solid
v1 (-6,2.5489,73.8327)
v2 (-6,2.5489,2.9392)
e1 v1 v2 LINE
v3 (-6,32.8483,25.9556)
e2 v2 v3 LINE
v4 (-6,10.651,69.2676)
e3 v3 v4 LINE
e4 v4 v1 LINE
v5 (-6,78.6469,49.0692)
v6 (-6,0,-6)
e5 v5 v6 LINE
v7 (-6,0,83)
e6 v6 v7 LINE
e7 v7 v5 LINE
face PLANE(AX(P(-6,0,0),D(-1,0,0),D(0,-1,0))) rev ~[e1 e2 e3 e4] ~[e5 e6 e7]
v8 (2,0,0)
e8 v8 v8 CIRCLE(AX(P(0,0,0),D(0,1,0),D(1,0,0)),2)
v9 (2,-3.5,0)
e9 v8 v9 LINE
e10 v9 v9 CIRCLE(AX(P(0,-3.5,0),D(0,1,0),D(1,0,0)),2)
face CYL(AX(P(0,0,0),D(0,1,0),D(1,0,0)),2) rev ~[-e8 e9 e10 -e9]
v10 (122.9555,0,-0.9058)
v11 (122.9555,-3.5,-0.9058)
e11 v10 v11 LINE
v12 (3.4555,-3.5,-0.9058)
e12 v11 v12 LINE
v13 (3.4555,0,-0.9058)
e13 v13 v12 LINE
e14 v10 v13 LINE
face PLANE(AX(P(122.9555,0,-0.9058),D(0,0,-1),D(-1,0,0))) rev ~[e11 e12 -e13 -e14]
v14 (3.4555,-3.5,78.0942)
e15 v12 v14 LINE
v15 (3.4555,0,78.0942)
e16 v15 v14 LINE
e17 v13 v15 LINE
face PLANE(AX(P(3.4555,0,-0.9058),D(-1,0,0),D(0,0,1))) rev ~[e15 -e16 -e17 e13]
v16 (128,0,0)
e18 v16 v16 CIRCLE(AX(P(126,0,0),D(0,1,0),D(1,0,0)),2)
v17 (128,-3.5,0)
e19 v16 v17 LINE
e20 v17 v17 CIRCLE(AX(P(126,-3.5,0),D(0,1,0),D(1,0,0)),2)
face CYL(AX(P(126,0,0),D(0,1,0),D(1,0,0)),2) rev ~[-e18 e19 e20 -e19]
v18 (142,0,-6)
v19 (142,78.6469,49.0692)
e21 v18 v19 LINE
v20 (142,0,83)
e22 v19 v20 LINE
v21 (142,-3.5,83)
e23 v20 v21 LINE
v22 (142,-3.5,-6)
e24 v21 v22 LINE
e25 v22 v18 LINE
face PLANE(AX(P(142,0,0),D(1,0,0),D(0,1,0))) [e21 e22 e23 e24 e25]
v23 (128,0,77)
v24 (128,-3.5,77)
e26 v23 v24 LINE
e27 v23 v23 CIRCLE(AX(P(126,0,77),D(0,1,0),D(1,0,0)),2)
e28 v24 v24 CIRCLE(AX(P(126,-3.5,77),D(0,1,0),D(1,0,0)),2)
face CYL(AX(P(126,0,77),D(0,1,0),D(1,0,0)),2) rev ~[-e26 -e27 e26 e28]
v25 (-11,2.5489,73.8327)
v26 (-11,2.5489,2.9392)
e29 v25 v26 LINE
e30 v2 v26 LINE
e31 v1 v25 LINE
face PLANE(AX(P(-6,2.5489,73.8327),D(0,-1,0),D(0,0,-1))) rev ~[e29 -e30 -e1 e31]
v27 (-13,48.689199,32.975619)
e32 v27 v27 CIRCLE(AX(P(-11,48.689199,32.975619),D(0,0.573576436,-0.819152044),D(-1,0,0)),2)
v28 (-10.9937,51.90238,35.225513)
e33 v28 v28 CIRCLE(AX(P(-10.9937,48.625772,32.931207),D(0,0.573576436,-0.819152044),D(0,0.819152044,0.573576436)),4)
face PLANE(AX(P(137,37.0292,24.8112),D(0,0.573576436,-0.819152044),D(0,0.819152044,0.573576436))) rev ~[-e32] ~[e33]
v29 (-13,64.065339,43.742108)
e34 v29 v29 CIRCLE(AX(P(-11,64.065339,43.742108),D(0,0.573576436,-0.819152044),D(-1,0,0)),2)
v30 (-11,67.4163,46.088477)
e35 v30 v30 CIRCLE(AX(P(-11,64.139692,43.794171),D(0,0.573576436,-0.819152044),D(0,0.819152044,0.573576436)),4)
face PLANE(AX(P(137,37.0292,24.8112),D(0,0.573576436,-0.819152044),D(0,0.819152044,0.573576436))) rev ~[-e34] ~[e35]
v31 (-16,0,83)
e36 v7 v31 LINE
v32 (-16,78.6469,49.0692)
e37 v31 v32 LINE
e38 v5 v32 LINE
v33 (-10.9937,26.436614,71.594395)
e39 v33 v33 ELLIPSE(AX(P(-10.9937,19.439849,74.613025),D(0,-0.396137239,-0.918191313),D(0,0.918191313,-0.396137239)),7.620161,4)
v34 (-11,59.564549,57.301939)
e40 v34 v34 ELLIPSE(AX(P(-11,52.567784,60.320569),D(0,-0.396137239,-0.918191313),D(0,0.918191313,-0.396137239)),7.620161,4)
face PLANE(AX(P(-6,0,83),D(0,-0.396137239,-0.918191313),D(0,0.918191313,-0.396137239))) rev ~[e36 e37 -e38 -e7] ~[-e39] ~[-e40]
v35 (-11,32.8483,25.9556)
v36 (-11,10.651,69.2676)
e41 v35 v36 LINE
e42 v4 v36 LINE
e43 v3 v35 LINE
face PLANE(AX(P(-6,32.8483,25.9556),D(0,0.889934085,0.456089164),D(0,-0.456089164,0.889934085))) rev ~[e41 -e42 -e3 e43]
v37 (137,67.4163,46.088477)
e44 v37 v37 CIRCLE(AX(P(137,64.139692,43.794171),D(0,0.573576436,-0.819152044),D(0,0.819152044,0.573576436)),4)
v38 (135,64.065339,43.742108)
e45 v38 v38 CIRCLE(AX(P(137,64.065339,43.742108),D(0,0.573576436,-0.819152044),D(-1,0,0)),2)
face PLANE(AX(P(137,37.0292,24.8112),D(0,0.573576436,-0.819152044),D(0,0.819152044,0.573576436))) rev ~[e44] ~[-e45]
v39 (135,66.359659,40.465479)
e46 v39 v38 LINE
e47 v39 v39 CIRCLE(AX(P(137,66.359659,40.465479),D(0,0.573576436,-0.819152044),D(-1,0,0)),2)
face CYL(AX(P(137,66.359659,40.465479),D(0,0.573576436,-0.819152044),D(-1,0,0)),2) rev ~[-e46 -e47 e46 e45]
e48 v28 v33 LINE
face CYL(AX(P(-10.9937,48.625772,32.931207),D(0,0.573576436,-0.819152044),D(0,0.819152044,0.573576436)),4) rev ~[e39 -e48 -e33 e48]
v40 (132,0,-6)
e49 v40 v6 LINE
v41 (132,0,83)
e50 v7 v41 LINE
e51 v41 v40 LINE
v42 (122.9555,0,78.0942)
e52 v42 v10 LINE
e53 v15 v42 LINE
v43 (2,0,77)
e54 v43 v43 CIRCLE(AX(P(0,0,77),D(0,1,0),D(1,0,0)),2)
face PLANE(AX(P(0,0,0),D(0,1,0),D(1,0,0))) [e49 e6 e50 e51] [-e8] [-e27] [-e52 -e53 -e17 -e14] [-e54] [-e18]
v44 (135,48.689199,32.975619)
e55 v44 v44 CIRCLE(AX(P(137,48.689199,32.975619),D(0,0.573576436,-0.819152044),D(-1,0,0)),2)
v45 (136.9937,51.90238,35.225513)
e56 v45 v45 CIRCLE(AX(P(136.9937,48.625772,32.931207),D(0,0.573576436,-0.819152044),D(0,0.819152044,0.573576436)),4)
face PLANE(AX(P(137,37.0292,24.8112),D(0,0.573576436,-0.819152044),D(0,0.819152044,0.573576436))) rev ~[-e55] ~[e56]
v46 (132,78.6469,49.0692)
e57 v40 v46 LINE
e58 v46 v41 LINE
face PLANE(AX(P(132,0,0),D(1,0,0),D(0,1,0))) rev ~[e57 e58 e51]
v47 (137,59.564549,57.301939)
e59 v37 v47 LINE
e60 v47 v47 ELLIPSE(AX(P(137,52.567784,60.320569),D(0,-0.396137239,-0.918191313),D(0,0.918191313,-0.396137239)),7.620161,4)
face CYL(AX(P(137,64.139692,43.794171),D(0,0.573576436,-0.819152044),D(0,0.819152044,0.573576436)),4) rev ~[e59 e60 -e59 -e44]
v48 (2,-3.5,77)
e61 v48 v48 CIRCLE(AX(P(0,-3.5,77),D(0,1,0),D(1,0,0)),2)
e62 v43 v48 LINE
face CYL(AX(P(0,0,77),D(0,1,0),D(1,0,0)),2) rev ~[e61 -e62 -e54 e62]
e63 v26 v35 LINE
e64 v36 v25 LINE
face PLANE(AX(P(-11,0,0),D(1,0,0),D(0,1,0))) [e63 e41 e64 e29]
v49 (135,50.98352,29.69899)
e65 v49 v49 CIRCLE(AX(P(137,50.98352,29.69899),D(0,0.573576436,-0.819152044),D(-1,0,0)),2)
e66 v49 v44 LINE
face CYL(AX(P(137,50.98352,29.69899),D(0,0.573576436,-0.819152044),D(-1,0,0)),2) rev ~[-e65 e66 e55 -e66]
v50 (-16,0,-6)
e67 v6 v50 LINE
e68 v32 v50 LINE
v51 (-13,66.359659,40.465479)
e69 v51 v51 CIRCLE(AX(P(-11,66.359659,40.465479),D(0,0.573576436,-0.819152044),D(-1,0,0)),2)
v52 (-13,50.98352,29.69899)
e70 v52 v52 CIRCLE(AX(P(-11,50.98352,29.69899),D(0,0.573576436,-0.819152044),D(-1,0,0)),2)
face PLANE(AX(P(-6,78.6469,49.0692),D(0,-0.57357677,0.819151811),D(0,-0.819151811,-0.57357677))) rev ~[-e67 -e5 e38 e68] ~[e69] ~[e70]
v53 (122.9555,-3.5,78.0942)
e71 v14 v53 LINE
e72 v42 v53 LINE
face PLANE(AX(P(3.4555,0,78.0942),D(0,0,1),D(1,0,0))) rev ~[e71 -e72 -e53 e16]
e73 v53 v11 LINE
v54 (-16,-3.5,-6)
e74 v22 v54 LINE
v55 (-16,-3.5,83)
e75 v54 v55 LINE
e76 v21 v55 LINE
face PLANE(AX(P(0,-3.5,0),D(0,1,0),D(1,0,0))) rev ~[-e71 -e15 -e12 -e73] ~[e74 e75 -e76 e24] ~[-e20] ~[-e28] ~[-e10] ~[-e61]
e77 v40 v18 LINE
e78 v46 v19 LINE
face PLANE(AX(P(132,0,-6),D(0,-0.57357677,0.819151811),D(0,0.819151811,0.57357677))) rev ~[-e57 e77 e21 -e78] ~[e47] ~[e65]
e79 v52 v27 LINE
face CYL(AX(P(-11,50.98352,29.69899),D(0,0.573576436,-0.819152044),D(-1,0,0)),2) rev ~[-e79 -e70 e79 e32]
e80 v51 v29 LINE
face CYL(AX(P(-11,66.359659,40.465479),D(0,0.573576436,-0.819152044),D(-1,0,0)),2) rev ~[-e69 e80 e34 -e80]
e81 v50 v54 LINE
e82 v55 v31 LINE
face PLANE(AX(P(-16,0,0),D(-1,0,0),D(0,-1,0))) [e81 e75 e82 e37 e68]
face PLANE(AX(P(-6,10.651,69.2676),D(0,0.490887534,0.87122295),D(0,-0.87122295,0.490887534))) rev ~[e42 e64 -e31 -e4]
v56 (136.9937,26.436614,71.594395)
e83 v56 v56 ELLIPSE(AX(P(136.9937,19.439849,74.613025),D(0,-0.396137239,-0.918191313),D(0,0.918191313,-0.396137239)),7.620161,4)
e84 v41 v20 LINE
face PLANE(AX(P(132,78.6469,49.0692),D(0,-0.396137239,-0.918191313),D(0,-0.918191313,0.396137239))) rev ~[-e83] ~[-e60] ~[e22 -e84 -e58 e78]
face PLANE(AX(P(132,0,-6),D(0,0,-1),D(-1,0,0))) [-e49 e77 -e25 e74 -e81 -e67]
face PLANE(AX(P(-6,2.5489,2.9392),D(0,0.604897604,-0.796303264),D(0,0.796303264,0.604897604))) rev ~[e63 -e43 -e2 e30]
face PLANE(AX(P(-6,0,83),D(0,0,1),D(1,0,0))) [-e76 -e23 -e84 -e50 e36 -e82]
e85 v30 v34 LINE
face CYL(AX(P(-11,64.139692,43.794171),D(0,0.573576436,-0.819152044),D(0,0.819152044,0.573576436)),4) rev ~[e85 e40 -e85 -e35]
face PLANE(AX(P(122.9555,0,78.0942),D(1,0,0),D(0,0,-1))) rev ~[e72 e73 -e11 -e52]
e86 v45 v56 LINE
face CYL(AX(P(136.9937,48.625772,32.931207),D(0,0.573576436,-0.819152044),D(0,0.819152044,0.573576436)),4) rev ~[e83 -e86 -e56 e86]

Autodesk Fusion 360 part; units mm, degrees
sketch "Sketch2" plane through (0, 0, 0) normal (0, 1, 0) x (1, 0, 0)
  line L0 (0, 0) -> (126, 0) construction
  line L1 (0, 0) -> (0, -77) construction
  circle A0 centre (126, 0) radius 2
  circle A1 centre (0, 0) radius 2
  circle A2 centre (0, -77) radius 2
  line L2 (126, 0) -> (126, -77) construction
  circle A3 centre (126, -77) radius 2
  line L3 (3.4555, -78.0942) -> (122.9555, -78.0942)
  line L4 (122.9555, -78.0942) -> (122.9555, 0.9058)
  line L5 (122.9555, 0.9058) -> (3.4555, 0.9058)
  line L6 (3.4555, 0.9058) -> (3.4555, -78.0942)
  line L7 (-6, -77) -> (-6, -83) construction
  line L8 (-6, -83) -> (0, -83) construction
  line L9 (-6, -83) -> (132, -83)
  line L10 (132, -83) -> (132, 6)
  line L11 (132, 6) -> (-6, 6)
  line L12 (-6, 6) -> (-6, -83)
  dimension "d16" = 4
  dimension "d17" = 4
  dimension "d18" = 4
  dimension "d20" = 4
  dimension "d23" = 6
  dimension "d24" = 6
  dimension "d25" = 138
  dimension "d26" = 89
extrude "Extrude2" add sketch "Sketch2" against normal blind 3.5
sketch "Sketch3" plane through (132, 0, 0) normal (1, 0, 0) x (0, 1, 0)
  line L0 (0, -6) -> (0, 83)
  line L1 (0, 83) -> (-3.5, 83)
  line L2 (-3.5, 83) -> (-3.5, -6)
  line L3 (-3.5, -6) -> (0, -6)
  line L4 (0, -6) -> (78.6469, 49.0692)
  line L5 (0, -6) -> (96.0102, -6) construction
  line L6 (78.6469, 49.0692) -> (0, 83)
  dimension "d29" = 35
extrude "Extrude3" add sketch "Sketch3" along normal blind 10
sketch "Sketch4" plane through (-6, 0, 0) normal (-1, 0, 0) x (0, -1, 0)
  line L0 (0, 83) -> (0, -6)
  line L1 (0, -6) -> (3.5, -6)
  line L2 (3.5, -6) -> (3.5, 83)
  line L3 (3.5, 83) -> (0, 83)
  line L4 (0, 83) -> (-78.6469, 49.0692)
  line L5 (-78.6469, 49.0692) -> (0, -6)
  point P0 (-78.6469, 49.0692)
extrude "Extrude4" add sketch "Sketch4" along normal blind 10
sketch "Sketch5" plane through (0, 2.8191, -4.0261) normal (0, 0.5736, -0.8192) x (-1, 0, 0)
  line L0 (-132, -3.4415) -> (-132, 92.5687)
  line L1 (-132, 92.5687) -> (-142, 92.5687)
  line L2 (-142, 92.5687) -> (-142, -3.4415)
  line L3 (-142, -3.4415) -> (-132, -3.4415)
  line L4 (-137, 92.5687) -> (-137, -3.4415) construction
  line L5 (6, 47.6068) -> (-132, 47.6068)
  line L6 (-63, 47.6068) -> (-63, 87.5387) construction
  line L7 (-137, 92.5687) -> (-137, 77.5687) construction
  circle A0 centre (-137, 77.5687) radius 2
  circle A1 centre (-137, 58.7979) radius 2
  circle A2 centre (11, 77.5687) radius 2
  circle A3 centre (11, 58.7979) radius 2
  circle A4 centre (-137, 77.5687) radius 4
  circle A5 centre (-137, 58.7979) radius 4
  circle A6 centre (11, 58.7979) radius 4
  circle A7 centre (11, 77.5687) radius 4
  dimension "d34" = 15
  dimension "d35" = 4
  dimension "d36" = 4
  dimension "d39" = 8
  dimension "d40" = 8
extrude "Extrude6" cut sketch "Sketch5" against normal blind 64 contours A0 | A1 | A2 | A3
ref_plane "WorkPlane1" through (137, 37.0292, 24.8112) normal (0, 0.5736, -0.8192) x (0, 0.8192, 0.5736)
sketch "Sketch6" plane through (137, 37.0292, 24.8112) normal (0, 0.5736, -0.8192) x (0, 0.8192, 0.5736)
  circle A0 centre (33.0958, 0) radius 4
  circle A1 centre (14.1568, -0.0063) radius 4
  line L0 (3.0432, -143) -> (3.0432, -5)
  line L1 (3.0432, -74) -> (11.3701, -74) construction
  circle A2 centre (33.0958, -148) radius 4
  circle A3 centre (14.1568, -147.9937) radius 4
  dimension "d44" = 8
  dimension "d45" = 8
extrude "Extrude7" cut sketch "Sketch6" against normal blind 65
sketch "Sketch7" plane through (-6, 0, 0) normal (1, 0, 0) x (0, 1, 0)
  line L0 (0, 83) -> (0, -6)
  line L1 (0, -6) -> (78.6469, 49.0692)
  line L2 (78.6469, 49.0692) -> (0, 83)
  line L3 (2.5489, 73.8327) -> (2.5489, 2.9392)
  line L4 (2.5489, 2.9392) -> (32.8483, 25.9556)
  line L5 (32.8483, 25.9556) -> (10.651, 69.2676)
  line L6 (10.651, 69.2676) -> (2.5489, 73.8327)
extrude "Extrude8" cut sketch "Sketch7" against normal blind 5 contours L3 L4 L5 L6
